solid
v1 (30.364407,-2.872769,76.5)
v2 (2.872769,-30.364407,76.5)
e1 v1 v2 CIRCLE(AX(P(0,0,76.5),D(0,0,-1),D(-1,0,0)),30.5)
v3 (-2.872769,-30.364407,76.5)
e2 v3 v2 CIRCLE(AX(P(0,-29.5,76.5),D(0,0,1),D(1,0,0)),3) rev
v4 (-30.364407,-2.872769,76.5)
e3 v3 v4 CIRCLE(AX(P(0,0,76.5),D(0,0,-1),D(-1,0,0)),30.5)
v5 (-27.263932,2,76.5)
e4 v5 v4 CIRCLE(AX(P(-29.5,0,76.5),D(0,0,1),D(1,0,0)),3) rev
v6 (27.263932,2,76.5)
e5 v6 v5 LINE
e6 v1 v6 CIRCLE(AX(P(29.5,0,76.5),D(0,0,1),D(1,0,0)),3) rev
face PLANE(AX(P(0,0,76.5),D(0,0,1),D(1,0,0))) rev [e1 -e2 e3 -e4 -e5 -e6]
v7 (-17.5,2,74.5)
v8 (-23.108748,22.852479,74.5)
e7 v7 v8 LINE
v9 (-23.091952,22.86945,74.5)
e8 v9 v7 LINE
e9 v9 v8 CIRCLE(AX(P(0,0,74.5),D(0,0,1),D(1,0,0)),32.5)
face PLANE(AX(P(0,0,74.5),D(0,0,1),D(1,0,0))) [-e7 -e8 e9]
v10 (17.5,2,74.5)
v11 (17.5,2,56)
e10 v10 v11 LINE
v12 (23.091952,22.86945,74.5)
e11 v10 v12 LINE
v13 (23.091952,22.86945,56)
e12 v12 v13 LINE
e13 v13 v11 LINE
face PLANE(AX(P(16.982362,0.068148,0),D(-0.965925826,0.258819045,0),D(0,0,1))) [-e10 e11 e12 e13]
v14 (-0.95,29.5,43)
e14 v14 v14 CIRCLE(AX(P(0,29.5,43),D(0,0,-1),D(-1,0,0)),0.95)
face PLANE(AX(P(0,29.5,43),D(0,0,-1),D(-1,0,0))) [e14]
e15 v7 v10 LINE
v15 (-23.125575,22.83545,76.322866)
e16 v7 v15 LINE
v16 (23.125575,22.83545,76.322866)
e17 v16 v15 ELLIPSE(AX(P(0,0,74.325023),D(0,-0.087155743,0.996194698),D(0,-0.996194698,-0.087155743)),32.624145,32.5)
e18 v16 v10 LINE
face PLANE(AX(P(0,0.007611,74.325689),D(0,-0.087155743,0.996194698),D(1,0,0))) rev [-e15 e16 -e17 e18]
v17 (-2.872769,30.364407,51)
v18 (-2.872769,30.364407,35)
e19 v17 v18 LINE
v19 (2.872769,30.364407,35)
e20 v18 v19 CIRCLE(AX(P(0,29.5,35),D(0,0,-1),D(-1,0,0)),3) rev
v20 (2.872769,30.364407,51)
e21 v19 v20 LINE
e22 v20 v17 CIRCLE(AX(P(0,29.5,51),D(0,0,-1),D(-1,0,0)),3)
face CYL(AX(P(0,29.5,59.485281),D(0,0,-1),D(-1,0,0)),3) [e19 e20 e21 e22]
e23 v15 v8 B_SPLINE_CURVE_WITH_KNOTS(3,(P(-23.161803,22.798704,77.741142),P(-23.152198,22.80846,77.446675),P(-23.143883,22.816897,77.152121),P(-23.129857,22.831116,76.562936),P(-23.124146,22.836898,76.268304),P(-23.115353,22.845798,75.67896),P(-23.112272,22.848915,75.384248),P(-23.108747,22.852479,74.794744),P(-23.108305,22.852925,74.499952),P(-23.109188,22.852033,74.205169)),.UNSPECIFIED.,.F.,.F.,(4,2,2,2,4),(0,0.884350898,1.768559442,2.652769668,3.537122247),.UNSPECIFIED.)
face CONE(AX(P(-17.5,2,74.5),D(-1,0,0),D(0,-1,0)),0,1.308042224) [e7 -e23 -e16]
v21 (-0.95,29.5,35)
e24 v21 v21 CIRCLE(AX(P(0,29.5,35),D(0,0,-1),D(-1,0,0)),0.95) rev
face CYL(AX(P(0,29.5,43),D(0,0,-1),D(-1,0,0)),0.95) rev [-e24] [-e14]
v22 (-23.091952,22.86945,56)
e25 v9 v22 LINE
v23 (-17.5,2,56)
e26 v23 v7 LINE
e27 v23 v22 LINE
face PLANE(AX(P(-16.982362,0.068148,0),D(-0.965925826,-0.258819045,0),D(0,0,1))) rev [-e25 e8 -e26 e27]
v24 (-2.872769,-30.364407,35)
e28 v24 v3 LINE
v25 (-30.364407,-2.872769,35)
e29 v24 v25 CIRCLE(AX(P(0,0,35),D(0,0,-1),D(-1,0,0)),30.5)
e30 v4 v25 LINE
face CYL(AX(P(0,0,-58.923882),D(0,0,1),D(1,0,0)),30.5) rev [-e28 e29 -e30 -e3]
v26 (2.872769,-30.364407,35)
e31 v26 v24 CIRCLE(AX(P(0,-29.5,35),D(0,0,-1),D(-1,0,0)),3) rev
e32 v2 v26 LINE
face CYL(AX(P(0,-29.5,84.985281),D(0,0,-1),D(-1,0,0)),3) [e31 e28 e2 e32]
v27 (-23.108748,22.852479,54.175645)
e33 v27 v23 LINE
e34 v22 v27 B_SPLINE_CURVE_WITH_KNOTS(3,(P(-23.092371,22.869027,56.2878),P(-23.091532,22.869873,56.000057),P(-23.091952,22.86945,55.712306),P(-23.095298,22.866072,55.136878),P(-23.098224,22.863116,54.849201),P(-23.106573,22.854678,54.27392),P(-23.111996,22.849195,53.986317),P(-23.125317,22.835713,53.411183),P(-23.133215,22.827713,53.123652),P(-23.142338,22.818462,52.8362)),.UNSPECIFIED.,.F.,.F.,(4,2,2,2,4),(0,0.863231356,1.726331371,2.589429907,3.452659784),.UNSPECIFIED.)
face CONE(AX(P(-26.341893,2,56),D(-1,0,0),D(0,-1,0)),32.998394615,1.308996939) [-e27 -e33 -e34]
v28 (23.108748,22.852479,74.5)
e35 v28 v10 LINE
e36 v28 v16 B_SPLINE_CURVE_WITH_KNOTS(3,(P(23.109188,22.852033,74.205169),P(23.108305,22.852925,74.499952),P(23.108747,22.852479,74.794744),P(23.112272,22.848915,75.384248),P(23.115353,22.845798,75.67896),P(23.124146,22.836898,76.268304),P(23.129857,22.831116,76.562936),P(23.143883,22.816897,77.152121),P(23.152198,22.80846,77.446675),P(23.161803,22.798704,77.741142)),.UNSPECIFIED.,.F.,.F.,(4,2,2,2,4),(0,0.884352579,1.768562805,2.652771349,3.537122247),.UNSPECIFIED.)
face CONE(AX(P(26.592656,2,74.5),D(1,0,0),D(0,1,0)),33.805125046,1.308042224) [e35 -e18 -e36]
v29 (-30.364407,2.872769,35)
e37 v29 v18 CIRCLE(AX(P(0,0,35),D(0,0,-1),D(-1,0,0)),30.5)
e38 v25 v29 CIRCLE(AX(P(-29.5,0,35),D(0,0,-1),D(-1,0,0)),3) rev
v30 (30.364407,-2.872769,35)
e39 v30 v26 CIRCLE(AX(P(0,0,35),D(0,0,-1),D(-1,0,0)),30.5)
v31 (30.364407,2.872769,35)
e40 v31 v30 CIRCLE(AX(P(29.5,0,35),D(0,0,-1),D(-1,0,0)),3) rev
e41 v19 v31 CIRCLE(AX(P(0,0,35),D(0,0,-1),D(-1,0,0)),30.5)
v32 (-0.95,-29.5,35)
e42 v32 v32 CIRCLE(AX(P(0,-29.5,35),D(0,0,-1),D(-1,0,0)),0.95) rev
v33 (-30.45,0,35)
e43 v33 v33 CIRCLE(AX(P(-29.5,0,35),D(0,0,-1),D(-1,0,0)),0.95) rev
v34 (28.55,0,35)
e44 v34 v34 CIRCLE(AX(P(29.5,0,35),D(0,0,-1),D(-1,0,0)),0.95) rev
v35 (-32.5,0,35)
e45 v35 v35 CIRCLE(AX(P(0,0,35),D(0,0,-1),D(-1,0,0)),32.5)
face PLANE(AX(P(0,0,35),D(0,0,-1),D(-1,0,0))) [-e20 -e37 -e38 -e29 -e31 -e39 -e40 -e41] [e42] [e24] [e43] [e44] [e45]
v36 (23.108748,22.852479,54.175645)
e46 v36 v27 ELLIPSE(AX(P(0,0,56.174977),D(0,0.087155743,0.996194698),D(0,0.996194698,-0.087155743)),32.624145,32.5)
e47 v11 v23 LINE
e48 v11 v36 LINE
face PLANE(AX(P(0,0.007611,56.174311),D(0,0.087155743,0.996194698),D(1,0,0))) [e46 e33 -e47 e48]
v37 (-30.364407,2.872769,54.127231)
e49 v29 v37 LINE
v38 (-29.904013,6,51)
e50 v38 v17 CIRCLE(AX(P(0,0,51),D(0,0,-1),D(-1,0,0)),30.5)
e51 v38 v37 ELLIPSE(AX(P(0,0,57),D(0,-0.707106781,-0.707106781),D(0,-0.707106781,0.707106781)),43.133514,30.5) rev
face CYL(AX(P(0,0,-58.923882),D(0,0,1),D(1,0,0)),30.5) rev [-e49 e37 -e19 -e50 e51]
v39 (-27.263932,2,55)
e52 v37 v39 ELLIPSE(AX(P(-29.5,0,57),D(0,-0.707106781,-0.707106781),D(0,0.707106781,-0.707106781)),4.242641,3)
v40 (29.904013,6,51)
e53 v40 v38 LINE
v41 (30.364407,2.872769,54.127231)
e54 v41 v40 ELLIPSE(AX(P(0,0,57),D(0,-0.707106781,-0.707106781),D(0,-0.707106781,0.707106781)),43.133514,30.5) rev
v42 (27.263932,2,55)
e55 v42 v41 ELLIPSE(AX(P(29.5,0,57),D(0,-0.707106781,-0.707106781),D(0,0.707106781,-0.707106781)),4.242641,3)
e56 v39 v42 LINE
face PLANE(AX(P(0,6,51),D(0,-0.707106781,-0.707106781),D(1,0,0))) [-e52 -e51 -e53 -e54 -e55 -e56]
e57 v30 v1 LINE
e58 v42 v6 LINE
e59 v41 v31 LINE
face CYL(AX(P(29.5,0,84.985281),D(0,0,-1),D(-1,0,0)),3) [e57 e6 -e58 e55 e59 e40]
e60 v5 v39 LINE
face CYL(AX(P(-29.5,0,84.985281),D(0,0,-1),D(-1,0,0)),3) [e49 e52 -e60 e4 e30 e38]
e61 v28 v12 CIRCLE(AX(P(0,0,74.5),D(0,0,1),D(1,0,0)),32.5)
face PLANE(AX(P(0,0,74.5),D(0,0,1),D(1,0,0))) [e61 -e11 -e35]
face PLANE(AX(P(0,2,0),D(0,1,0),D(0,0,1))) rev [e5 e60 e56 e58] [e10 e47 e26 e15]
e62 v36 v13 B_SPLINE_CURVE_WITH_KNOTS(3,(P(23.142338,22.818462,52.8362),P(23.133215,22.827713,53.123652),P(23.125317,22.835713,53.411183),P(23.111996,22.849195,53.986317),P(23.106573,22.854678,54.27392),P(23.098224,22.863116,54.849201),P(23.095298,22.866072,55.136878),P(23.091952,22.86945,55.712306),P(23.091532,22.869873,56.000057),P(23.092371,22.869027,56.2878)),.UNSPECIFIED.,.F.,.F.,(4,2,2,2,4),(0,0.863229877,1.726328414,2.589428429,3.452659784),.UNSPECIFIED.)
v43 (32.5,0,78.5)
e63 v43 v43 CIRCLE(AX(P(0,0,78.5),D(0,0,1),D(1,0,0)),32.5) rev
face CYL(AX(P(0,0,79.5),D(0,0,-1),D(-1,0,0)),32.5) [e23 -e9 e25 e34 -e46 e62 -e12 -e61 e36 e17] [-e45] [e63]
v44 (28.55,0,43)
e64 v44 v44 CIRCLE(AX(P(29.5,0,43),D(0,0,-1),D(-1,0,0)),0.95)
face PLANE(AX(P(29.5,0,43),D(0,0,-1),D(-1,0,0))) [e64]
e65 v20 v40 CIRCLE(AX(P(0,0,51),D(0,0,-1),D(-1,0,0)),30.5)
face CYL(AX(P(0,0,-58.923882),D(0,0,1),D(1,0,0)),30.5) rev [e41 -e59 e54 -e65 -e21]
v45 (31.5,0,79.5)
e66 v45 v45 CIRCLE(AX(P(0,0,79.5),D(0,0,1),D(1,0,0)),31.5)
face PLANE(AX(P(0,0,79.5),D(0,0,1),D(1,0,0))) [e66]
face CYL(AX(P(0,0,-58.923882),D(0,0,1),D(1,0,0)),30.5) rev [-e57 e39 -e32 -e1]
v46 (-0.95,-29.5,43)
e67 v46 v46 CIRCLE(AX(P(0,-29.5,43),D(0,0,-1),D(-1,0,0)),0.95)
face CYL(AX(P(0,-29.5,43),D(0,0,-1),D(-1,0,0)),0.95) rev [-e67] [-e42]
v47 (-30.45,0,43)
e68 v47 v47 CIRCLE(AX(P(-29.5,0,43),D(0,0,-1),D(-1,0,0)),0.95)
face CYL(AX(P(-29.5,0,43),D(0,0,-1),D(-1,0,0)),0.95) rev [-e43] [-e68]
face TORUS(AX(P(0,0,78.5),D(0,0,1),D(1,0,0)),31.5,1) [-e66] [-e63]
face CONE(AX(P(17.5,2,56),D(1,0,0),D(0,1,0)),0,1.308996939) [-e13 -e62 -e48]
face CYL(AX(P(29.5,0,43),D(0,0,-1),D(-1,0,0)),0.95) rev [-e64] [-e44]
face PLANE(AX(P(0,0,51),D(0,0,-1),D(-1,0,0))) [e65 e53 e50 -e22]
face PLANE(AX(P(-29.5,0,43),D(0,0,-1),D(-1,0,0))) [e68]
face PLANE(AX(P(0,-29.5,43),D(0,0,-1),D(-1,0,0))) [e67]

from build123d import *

# Parameters (mm, degrees)
SKETCH_2_R           = 32.5
EXTRUDE_1_DEPTH      = 3
EXTRUDE_START        = 43.5
SKETCH_3_R           = 32.5
SKETCH_3_R_2         = 30.5
EXTRUDE_2_DEPTH      = 43.5
SKETCH_4_W           = 35
SKETCH_4_H           = 18.5
CUT_EXTRUDE_1_DEPTH  = 52
EXTRUDE_3_REACH      = 93.83
EXTRUDE_3_END_RADIUS = 30.5
SKETCH_5_W           = 41
SKETCH_5_H           = 22.5
SKETCH_5_W_2         = 35
SKETCH_5_H_2         = 18.5
SKETCH_9_W           = 43.61428081
SKETCH_9_H           = 23.224697296
CUT_EXTRUDE_2_DEPTH  = 2
EXTRUDE_4_DEPTH      = 22.5
SKETCH_11_W          = 18.5
SKETCH_11_H          = 36.291622976
CUT_REVOLVE_1_ANGLE  = 15
SKETCH_12_W          = 18.5
SKETCH_12_H          = 37.014975327
CUT_REVOLVE_2_ANGLE  = 15
CUT_REVOLVE_3_ANGLE  = 5
CUT_REVOLVE_4_ANGLE  = 5
EXTRUDE_START_2      = 3
EXTRUDE_5_DEPTH      = 3
SKETCH_17_W          = 36.670628391
SKETCH_17_H          = 24.683517756
CUT_EXTRUDE_3_DEPTH  = 3
CHAMFER_1_SIZE       = 4
FILLET_1_R           = 1
EXTRUDE_6_REACH      = 67.382
SKETCH_18_R          = 3
SKETCH_19_R          = 3
EXTRUDE_7_DEPTH      = 18
SKETCH_20_R          = 0.95
CUT_EXTRUDE_4_DEPTH  = 10
SKETCH_21_R          = 44.197984087
CUT_EXTRUDE_5_DEPTH  = 2


with BuildPart() as part:
    # 草图2 → 凸台-拉伸1 (new body)
    with BuildSketch(Plane.XY.offset(76.5)):
        Circle(SKETCH_2_R)
    extrude(amount=EXTRUDE_1_DEPTH)

    # 草图3 → 凸台-拉伸2 (add)
    with BuildSketch(Plane(origin=(0, 0, 76.5), x_dir=(-1, 0, 0), z_dir=(0, 0, -1)).offset(EXTRUDE_START)):
        Circle(SKETCH_3_R)
        Circle(SKETCH_3_R_2, mode=Mode.SUBTRACT)
    extrude(amount=-EXTRUDE_2_DEPTH)

    # 草图4 → 切除-拉伸1 (cut)
    with BuildSketch(Plane(origin=(0, 0, 0), x_dir=(1, 0, 0), z_dir=(0, 1, 0))):
        with Locations((0, -65.25)):
            Rectangle(SKETCH_4_W, SKETCH_4_H)
    extrude(amount=CUT_EXTRUDE_1_DEPTH, mode=Mode.SUBTRACT)

    # 凸台-拉伸3: up to this cylinder (the profile starts inside it)
    extrude_3_end = Plane(origin=(0, 0, 54.46768), z_dir=(0, 0, 1)) * Cylinder(EXTRUDE_3_END_RADIUS, 249.66, mode=Mode.PRIVATE)
    # 草图5 → 凸台-拉伸3 (add, up to the surface)
    with BuildSketch(Plane(origin=(0, 0, 0), x_dir=(1, 0, 0), z_dir=(0, 1, 0)), mode=Mode.PRIVATE) as extrude_3_sk1:
        with Locations((0, -65.25)):
            Rectangle(SKETCH_5_W, SKETCH_5_H)
        with Locations((0, -65.25)):
            Rectangle(SKETCH_5_W_2, SKETCH_5_H_2, mode=Mode.SUBTRACT)
    extrude_3_tool1 = extrude(extrude_3_sk1.sketch, amount=EXTRUDE_3_REACH, mode=Mode.PRIVATE) & extrude_3_end
    add(extrude_3_tool1.solids().sort_by_distance((0, 0, 54.46768))[0])

    # 草图9 → 切除-拉伸2 (cut)
    with BuildSketch(Plane.XZ):
        with Locations((0, 64.887651352)):
            Rectangle(SKETCH_9_W, SKETCH_9_H)
    extrude(amount=-CUT_EXTRUDE_2_DEPTH, mode=Mode.SUBTRACT)

    # 草图10 → 凸台-拉伸4 (add)
    with BuildSketch(Plane(origin=(0, 0, 54), x_dir=(-1, 0, 0), z_dir=(0, 0, -1))):
        with BuildLine():
            Line((20.5, 2), (30.434355587, 2))
            ThreePointArc((30.434355587, 2), (27.468053538, 13.257301189), (20.5, 22.583179581))
            Line((20.5, 22.583179581), (20.5, 2))
        make_face()
        with BuildLine():
            Line((-20.5, 2), (-30.434355587, 2))
            ThreePointArc((-30.434355587, 2), (-27.468053538, 13.257301189), (-20.5, 22.583179581))
            Line((-20.5, 22.583179581), (-20.5, 2))
        make_face()
    extrude(amount=-EXTRUDE_4_DEPTH)

    # 草图11 → 切除-旋转1 (revolve, cut)
    with BuildSketch(Plane.ZY.offset(-17.5)):
        with Locations((65.25, 20.145811488)):
            Rectangle(SKETCH_11_W, SKETCH_11_H)
    revolve(axis=Axis((17.5, 2, 81.98075626), (0, 0, -1)), revolution_arc=CUT_REVOLVE_1_ANGLE, mode=Mode.SUBTRACT)

    # 草图12 → 切除-旋转2 (revolve, cut)
    with BuildSketch(Plane(origin=(-17.5, 0, 0), x_dir=(0, 0, -1), z_dir=(1, 0, 0))):
        with Locations((-65.25, 20.507487664)):
            Rectangle(SKETCH_12_W, SKETCH_12_H)
    revolve(axis=Axis((-17.5, 2, 82.239096386), (0, 0, 1)), revolution_arc=CUT_REVOLVE_2_ANGLE, mode=Mode.SUBTRACT)

    # 草图13 → 切除-旋转3 (revolve, cut)
    with BuildSketch(Plane.XY.offset(56)):
        Polygon((-17.5, 2), (17.5, 2), (26.341893189, 34.998394615), (-26.341893189, 34.998394615), align=None)
    revolve(axis=Axis((-38.580818274, 2, 56), (-1, 0, 0)), revolution_arc=CUT_REVOLVE_3_ANGLE, mode=Mode.SUBTRACT)

    # 草图14 → 切除-旋转4 (revolve, cut)
    with BuildSketch(Plane(origin=(0, 0, 74.5), x_dir=(-1, 0, 0), z_dir=(0, 0, -1))):
        Polygon((17.5, 2), (-17.5, 2), (-26.592656258, 35.805125046), (26.592656258, 35.805125046), align=None)
    revolve(axis=Axis((-42.793281967, 2, 74.5), (1, 0, 0)), revolution_arc=CUT_REVOLVE_4_ANGLE, mode=Mode.SUBTRACT)

    # 草图15 → 凸台-拉伸5 (add)
    with BuildSketch(Plane(origin=(0, 0, 54), x_dir=(-1, 0, 0), z_dir=(0, 0, -1)).offset(EXTRUDE_START_2)):
        with BuildLine():
            Line((30.434355587, 2), (-30.434355587, 2))
            ThreePointArc((-30.434355587, 2), (0, 30.5), (30.434355587, 2))
        make_face()
    extrude(amount=-EXTRUDE_5_DEPTH)

    # 草图17 → 切除-拉伸3 (cut)
    with BuildSketch(Plane(origin=(0, 4.877341222, 55.748265262), x_dir=(1, 0, 0), z_dir=(0, 0.08715574274765839, 0.9961946980917457))):
        with Locations((0.24825377, 21.222934692)):
            Rectangle(SKETCH_17_W, SKETCH_17_H)
    extrude(amount=CUT_EXTRUDE_3_DEPTH, mode=Mode.SUBTRACT)

    # 倒角1
    chamfer_1_edges = [part.edges().sort_by_distance(p)[0] for p in [
        (0, 2, 51),
    ]]
    chamfer(chamfer_1_edges, length=CHAMFER_1_SIZE)

    # 圆角1
    fillet_1_edges = [part.edges().sort_by_distance(p)[0] for p in [
        (-32.5, 0, 79.5),
    ]]
    fillet(fillet_1_edges, radius=FILLET_1_R)

    # 凸台-拉伸6: up to this face of the body (flat: up to its plane)
    extrude_6_end = Plane(part.part.faces().sort_by_distance((0, -11.870804721, 76.5))[0])
    # 草图18 → 凸台-拉伸6 (add, up to the picked face)
    with BuildSketch(Plane(origin=(0, 0, 33), x_dir=(-1, 0, 0), z_dir=(0, 0, -1)), mode=Mode.PRIVATE) as extrude_6_sk1:
        with Locations((-29.5, 0)):
            Circle(SKETCH_18_R)
    extrude_6_tool1 = split(extrude(extrude_6_sk1.sketch, amount=-EXTRUDE_6_REACH, mode=Mode.PRIVATE), bisect_by=extrude_6_end, keep=Keep.BOTH, mode=Mode.PRIVATE)
    # 草图18 → 凸台-拉伸6 (add, up to the picked face)
    with BuildSketch(Plane(origin=(0, 0, 33), x_dir=(-1, 0, 0), z_dir=(0, 0, -1)), mode=Mode.PRIVATE) as extrude_6_sk2:
        with Locations((0, -29.5)):
            Circle(SKETCH_18_R)
    extrude_6_tool2 = split(extrude(extrude_6_sk2.sketch, amount=-EXTRUDE_6_REACH, mode=Mode.PRIVATE), bisect_by=extrude_6_end, keep=Keep.BOTH, mode=Mode.PRIVATE)
    # 草图18 → 凸台-拉伸6 (add, up to the picked face)
    with BuildSketch(Plane(origin=(0, 0, 33), x_dir=(-1, 0, 0), z_dir=(0, 0, -1)), mode=Mode.PRIVATE) as extrude_6_sk3:
        with Locations((29.5, 0)):
            Circle(SKETCH_18_R)
    extrude_6_tool3 = split(extrude(extrude_6_sk3.sketch, amount=-EXTRUDE_6_REACH, mode=Mode.PRIVATE), bisect_by=extrude_6_end, keep=Keep.BOTH, mode=Mode.PRIVATE)
    add(extrude_6_tool1.solids().sort_by(Axis((29.5, 0, 33), (0, 0, 1)))[0])
    add(extrude_6_tool2.solids().sort_by(Axis((0, -29.5, 33), (0, 0, 1)))[0])
    add(extrude_6_tool3.solids().sort_by(Axis((-29.5, 0, 33), (0, 0, 1)))[0])

    # 草图19 → 凸台-拉伸7 (add)
    with BuildSketch(Plane(origin=(0, 0, 33), x_dir=(-1, 0, 0), z_dir=(0, 0, -1))):
        with Locations((0, 29.5)):
            Circle(SKETCH_19_R)
    extrude(amount=-EXTRUDE_7_DEPTH)

    # 草图20 → 切除-拉伸4 (cut)
    with BuildSketch(Plane(origin=(0, 0, 33), x_dir=(-1, 0, 0), z_dir=(0, 0, -1))):
        with Locations((0, -29.5)):
            Circle(SKETCH_20_R)
        with Locations((29.5, 0)):
            Circle(SKETCH_20_R)
        with Locations((0, 29.5)):
            Circle(SKETCH_20_R)
        with Locations((-29.5, 0)):
            Circle(SKETCH_20_R)
    extrude(amount=-CUT_EXTRUDE_4_DEPTH, mode=Mode.SUBTRACT)

    # 草图21 → 切除-拉伸5 (cut)
    with BuildSketch(Plane(origin=(0, 0, 33), x_dir=(-1, 0, 0), z_dir=(0, 0, -1))):
        Circle(SKETCH_21_R)
    extrude(amount=-CUT_EXTRUDE_5_DEPTH, mode=Mode.SUBTRACT)


solid = part.part
